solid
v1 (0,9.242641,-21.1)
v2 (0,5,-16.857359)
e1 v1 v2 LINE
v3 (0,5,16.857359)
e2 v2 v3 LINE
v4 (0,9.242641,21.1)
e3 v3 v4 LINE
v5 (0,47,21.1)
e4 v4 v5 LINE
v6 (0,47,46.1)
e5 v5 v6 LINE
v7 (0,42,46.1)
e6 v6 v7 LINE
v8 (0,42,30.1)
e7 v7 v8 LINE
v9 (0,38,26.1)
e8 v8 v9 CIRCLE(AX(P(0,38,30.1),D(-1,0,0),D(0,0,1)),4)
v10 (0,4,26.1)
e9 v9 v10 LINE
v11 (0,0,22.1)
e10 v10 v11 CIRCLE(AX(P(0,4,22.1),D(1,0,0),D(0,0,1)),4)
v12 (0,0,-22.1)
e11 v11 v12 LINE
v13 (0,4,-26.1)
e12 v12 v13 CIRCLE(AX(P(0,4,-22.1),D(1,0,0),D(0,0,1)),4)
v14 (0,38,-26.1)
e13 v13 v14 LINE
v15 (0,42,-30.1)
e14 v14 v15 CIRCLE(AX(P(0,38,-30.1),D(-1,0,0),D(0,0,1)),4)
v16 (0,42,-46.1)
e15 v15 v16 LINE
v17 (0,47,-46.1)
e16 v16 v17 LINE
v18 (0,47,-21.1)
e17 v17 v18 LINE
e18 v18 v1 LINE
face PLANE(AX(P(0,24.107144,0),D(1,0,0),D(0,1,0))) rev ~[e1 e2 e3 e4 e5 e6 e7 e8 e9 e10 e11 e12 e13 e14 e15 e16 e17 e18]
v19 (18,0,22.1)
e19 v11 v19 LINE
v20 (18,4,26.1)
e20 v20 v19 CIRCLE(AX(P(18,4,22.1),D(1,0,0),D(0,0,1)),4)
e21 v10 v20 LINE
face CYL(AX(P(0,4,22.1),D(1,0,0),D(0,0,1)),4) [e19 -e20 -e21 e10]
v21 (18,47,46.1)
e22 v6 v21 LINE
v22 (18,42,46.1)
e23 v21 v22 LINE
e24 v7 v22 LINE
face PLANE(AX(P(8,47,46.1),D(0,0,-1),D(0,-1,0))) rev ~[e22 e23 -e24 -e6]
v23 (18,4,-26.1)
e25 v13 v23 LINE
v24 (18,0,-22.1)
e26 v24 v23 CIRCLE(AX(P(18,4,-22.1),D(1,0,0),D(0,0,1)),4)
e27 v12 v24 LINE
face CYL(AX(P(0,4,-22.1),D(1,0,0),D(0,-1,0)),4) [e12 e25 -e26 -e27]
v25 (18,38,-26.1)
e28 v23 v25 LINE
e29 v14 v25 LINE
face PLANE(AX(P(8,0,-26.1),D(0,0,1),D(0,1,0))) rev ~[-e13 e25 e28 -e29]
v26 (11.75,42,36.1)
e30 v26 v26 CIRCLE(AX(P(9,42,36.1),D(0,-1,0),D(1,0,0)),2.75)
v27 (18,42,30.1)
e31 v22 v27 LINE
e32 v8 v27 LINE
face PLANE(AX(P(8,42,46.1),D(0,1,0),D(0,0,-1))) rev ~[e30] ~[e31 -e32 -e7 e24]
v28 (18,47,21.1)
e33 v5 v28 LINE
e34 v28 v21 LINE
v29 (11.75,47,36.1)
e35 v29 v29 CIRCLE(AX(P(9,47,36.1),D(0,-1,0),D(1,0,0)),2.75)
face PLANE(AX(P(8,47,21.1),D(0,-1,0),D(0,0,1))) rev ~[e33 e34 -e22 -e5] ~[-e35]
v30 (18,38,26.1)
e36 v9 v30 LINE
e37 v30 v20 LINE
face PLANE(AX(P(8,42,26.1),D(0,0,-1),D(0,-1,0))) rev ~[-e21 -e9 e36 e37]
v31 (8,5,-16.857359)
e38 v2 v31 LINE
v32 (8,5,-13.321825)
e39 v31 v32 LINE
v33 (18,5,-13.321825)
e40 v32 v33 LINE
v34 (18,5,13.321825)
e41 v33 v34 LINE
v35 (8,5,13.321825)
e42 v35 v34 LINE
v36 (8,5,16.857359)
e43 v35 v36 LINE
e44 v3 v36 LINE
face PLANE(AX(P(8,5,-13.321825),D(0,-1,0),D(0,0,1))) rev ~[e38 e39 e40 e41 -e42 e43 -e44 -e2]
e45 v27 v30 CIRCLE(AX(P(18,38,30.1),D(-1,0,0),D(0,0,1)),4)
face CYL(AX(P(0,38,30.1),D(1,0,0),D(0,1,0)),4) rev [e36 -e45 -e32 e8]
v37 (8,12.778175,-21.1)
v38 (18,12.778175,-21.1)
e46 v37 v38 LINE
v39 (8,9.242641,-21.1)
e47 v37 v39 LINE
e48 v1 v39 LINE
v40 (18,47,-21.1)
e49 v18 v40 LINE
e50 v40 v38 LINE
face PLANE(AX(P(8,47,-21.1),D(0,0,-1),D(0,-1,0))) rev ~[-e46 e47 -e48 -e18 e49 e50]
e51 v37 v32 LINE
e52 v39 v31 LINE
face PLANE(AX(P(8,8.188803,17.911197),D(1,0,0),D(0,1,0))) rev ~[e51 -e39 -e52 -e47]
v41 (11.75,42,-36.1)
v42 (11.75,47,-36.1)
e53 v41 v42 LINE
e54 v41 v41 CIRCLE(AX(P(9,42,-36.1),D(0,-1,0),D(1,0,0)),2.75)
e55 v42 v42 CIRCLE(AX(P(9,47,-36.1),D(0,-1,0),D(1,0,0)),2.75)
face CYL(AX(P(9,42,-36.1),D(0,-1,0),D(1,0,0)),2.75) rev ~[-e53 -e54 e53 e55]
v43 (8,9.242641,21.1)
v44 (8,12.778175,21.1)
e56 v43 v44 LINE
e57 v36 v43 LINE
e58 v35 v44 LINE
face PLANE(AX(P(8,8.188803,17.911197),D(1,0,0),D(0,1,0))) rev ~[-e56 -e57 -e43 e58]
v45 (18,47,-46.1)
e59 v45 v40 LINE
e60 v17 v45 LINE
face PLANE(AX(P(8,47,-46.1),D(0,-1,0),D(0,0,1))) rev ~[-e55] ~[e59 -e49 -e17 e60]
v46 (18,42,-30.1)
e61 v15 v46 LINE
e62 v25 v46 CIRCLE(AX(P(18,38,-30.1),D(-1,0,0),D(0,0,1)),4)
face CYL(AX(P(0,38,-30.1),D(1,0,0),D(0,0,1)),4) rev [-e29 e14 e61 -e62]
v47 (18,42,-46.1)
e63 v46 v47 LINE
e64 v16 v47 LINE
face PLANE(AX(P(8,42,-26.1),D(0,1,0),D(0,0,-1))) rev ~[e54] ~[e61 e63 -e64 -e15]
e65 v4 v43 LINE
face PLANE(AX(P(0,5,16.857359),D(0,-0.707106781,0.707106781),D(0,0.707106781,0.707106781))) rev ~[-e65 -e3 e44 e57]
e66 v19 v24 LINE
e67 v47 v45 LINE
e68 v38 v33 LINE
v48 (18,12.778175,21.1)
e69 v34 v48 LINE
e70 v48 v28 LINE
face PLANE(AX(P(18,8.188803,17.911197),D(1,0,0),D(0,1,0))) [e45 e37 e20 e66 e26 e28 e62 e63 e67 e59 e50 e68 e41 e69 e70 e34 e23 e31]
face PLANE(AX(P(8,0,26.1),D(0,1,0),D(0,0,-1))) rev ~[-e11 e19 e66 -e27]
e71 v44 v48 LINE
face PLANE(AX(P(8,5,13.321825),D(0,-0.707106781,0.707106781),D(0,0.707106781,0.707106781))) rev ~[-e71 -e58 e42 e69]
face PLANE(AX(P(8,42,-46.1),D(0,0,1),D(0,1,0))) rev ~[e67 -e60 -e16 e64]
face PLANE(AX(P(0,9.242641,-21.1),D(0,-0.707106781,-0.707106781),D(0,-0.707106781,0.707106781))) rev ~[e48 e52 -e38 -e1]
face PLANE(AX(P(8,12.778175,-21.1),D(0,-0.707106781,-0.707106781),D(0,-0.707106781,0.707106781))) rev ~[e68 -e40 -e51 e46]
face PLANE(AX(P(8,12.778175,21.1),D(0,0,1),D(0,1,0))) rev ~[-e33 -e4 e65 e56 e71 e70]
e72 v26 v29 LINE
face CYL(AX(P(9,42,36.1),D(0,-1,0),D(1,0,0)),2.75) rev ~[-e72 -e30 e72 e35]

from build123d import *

# Parameters (mm, degrees)
F1_DEPTH = 8
F3_DEPTH = 10
F4_R     = 2.75
F5_DEPTH = 25
F6_R     = 4


with BuildPart() as f1:
    # F0 (on Right) → F1 (new body)
    with BuildSketch(Plane.YZ):
        Polygon((0, 26.1), (0, 0), (0, -26.1), (42, -26.1), (42, -46.1), (47, -46.1), (47, -21.1), (9.242641, -21.1), (5, -16.857359), (5, 0), (5, 16.857359), (9.242641, 21.1), (47, 21.1), (47, 46.1), (42, 46.1), (42, 26.1), align=None)
    extrude(amount=F1_DEPTH)

    # F2 (on face) → F3 (join)
    with BuildSketch(Plane.YZ.offset(8)):
        Polygon((5, 13.321825), (12.778175, 21.1), (9.242641, 21.1), (5, 16.857359), align=None)
        Polygon((0, 26.1), (0, -26.1), (42, -26.1), (42, -46.1), (47, -46.1), (47, -21.1), (12.778175, -21.1), (9.242641, -21.1), (5, -16.857359), (5, -13.321825), (5, 0), (5, 13.321825), (5, 16.857359), (9.242641, 21.1), (12.778175, 21.1), (47, 21.1), (47, 46.1), (42, 46.1), (42, 26.1), align=None)
        Polygon((9.242641, -21.1), (12.778175, -21.1), (5, -13.321825), (5, -16.857359), align=None)
    extrude(amount=F3_DEPTH)

    # F4 (on face) → F5 (cut)
    with BuildSketch(Plane.XZ.offset(-42)):
        with Locations((9, 36.1)):
            Circle(F4_R)
        with Locations((9, -36.1)):
            Circle(F4_R)
    extrude(amount=-F5_DEPTH, mode=Mode.SUBTRACT)

    # F6
    f6_edges = [f1.edges().sort_by_distance(p)[0] for p in [
        (9, 0, 26.1),
        (9, 0, -26.1),
        (9, 42, -26.1),
        (9, 42, 26.1),
    ]]
    fillet(f6_edges, radius=F6_R)


solid = f1.part
